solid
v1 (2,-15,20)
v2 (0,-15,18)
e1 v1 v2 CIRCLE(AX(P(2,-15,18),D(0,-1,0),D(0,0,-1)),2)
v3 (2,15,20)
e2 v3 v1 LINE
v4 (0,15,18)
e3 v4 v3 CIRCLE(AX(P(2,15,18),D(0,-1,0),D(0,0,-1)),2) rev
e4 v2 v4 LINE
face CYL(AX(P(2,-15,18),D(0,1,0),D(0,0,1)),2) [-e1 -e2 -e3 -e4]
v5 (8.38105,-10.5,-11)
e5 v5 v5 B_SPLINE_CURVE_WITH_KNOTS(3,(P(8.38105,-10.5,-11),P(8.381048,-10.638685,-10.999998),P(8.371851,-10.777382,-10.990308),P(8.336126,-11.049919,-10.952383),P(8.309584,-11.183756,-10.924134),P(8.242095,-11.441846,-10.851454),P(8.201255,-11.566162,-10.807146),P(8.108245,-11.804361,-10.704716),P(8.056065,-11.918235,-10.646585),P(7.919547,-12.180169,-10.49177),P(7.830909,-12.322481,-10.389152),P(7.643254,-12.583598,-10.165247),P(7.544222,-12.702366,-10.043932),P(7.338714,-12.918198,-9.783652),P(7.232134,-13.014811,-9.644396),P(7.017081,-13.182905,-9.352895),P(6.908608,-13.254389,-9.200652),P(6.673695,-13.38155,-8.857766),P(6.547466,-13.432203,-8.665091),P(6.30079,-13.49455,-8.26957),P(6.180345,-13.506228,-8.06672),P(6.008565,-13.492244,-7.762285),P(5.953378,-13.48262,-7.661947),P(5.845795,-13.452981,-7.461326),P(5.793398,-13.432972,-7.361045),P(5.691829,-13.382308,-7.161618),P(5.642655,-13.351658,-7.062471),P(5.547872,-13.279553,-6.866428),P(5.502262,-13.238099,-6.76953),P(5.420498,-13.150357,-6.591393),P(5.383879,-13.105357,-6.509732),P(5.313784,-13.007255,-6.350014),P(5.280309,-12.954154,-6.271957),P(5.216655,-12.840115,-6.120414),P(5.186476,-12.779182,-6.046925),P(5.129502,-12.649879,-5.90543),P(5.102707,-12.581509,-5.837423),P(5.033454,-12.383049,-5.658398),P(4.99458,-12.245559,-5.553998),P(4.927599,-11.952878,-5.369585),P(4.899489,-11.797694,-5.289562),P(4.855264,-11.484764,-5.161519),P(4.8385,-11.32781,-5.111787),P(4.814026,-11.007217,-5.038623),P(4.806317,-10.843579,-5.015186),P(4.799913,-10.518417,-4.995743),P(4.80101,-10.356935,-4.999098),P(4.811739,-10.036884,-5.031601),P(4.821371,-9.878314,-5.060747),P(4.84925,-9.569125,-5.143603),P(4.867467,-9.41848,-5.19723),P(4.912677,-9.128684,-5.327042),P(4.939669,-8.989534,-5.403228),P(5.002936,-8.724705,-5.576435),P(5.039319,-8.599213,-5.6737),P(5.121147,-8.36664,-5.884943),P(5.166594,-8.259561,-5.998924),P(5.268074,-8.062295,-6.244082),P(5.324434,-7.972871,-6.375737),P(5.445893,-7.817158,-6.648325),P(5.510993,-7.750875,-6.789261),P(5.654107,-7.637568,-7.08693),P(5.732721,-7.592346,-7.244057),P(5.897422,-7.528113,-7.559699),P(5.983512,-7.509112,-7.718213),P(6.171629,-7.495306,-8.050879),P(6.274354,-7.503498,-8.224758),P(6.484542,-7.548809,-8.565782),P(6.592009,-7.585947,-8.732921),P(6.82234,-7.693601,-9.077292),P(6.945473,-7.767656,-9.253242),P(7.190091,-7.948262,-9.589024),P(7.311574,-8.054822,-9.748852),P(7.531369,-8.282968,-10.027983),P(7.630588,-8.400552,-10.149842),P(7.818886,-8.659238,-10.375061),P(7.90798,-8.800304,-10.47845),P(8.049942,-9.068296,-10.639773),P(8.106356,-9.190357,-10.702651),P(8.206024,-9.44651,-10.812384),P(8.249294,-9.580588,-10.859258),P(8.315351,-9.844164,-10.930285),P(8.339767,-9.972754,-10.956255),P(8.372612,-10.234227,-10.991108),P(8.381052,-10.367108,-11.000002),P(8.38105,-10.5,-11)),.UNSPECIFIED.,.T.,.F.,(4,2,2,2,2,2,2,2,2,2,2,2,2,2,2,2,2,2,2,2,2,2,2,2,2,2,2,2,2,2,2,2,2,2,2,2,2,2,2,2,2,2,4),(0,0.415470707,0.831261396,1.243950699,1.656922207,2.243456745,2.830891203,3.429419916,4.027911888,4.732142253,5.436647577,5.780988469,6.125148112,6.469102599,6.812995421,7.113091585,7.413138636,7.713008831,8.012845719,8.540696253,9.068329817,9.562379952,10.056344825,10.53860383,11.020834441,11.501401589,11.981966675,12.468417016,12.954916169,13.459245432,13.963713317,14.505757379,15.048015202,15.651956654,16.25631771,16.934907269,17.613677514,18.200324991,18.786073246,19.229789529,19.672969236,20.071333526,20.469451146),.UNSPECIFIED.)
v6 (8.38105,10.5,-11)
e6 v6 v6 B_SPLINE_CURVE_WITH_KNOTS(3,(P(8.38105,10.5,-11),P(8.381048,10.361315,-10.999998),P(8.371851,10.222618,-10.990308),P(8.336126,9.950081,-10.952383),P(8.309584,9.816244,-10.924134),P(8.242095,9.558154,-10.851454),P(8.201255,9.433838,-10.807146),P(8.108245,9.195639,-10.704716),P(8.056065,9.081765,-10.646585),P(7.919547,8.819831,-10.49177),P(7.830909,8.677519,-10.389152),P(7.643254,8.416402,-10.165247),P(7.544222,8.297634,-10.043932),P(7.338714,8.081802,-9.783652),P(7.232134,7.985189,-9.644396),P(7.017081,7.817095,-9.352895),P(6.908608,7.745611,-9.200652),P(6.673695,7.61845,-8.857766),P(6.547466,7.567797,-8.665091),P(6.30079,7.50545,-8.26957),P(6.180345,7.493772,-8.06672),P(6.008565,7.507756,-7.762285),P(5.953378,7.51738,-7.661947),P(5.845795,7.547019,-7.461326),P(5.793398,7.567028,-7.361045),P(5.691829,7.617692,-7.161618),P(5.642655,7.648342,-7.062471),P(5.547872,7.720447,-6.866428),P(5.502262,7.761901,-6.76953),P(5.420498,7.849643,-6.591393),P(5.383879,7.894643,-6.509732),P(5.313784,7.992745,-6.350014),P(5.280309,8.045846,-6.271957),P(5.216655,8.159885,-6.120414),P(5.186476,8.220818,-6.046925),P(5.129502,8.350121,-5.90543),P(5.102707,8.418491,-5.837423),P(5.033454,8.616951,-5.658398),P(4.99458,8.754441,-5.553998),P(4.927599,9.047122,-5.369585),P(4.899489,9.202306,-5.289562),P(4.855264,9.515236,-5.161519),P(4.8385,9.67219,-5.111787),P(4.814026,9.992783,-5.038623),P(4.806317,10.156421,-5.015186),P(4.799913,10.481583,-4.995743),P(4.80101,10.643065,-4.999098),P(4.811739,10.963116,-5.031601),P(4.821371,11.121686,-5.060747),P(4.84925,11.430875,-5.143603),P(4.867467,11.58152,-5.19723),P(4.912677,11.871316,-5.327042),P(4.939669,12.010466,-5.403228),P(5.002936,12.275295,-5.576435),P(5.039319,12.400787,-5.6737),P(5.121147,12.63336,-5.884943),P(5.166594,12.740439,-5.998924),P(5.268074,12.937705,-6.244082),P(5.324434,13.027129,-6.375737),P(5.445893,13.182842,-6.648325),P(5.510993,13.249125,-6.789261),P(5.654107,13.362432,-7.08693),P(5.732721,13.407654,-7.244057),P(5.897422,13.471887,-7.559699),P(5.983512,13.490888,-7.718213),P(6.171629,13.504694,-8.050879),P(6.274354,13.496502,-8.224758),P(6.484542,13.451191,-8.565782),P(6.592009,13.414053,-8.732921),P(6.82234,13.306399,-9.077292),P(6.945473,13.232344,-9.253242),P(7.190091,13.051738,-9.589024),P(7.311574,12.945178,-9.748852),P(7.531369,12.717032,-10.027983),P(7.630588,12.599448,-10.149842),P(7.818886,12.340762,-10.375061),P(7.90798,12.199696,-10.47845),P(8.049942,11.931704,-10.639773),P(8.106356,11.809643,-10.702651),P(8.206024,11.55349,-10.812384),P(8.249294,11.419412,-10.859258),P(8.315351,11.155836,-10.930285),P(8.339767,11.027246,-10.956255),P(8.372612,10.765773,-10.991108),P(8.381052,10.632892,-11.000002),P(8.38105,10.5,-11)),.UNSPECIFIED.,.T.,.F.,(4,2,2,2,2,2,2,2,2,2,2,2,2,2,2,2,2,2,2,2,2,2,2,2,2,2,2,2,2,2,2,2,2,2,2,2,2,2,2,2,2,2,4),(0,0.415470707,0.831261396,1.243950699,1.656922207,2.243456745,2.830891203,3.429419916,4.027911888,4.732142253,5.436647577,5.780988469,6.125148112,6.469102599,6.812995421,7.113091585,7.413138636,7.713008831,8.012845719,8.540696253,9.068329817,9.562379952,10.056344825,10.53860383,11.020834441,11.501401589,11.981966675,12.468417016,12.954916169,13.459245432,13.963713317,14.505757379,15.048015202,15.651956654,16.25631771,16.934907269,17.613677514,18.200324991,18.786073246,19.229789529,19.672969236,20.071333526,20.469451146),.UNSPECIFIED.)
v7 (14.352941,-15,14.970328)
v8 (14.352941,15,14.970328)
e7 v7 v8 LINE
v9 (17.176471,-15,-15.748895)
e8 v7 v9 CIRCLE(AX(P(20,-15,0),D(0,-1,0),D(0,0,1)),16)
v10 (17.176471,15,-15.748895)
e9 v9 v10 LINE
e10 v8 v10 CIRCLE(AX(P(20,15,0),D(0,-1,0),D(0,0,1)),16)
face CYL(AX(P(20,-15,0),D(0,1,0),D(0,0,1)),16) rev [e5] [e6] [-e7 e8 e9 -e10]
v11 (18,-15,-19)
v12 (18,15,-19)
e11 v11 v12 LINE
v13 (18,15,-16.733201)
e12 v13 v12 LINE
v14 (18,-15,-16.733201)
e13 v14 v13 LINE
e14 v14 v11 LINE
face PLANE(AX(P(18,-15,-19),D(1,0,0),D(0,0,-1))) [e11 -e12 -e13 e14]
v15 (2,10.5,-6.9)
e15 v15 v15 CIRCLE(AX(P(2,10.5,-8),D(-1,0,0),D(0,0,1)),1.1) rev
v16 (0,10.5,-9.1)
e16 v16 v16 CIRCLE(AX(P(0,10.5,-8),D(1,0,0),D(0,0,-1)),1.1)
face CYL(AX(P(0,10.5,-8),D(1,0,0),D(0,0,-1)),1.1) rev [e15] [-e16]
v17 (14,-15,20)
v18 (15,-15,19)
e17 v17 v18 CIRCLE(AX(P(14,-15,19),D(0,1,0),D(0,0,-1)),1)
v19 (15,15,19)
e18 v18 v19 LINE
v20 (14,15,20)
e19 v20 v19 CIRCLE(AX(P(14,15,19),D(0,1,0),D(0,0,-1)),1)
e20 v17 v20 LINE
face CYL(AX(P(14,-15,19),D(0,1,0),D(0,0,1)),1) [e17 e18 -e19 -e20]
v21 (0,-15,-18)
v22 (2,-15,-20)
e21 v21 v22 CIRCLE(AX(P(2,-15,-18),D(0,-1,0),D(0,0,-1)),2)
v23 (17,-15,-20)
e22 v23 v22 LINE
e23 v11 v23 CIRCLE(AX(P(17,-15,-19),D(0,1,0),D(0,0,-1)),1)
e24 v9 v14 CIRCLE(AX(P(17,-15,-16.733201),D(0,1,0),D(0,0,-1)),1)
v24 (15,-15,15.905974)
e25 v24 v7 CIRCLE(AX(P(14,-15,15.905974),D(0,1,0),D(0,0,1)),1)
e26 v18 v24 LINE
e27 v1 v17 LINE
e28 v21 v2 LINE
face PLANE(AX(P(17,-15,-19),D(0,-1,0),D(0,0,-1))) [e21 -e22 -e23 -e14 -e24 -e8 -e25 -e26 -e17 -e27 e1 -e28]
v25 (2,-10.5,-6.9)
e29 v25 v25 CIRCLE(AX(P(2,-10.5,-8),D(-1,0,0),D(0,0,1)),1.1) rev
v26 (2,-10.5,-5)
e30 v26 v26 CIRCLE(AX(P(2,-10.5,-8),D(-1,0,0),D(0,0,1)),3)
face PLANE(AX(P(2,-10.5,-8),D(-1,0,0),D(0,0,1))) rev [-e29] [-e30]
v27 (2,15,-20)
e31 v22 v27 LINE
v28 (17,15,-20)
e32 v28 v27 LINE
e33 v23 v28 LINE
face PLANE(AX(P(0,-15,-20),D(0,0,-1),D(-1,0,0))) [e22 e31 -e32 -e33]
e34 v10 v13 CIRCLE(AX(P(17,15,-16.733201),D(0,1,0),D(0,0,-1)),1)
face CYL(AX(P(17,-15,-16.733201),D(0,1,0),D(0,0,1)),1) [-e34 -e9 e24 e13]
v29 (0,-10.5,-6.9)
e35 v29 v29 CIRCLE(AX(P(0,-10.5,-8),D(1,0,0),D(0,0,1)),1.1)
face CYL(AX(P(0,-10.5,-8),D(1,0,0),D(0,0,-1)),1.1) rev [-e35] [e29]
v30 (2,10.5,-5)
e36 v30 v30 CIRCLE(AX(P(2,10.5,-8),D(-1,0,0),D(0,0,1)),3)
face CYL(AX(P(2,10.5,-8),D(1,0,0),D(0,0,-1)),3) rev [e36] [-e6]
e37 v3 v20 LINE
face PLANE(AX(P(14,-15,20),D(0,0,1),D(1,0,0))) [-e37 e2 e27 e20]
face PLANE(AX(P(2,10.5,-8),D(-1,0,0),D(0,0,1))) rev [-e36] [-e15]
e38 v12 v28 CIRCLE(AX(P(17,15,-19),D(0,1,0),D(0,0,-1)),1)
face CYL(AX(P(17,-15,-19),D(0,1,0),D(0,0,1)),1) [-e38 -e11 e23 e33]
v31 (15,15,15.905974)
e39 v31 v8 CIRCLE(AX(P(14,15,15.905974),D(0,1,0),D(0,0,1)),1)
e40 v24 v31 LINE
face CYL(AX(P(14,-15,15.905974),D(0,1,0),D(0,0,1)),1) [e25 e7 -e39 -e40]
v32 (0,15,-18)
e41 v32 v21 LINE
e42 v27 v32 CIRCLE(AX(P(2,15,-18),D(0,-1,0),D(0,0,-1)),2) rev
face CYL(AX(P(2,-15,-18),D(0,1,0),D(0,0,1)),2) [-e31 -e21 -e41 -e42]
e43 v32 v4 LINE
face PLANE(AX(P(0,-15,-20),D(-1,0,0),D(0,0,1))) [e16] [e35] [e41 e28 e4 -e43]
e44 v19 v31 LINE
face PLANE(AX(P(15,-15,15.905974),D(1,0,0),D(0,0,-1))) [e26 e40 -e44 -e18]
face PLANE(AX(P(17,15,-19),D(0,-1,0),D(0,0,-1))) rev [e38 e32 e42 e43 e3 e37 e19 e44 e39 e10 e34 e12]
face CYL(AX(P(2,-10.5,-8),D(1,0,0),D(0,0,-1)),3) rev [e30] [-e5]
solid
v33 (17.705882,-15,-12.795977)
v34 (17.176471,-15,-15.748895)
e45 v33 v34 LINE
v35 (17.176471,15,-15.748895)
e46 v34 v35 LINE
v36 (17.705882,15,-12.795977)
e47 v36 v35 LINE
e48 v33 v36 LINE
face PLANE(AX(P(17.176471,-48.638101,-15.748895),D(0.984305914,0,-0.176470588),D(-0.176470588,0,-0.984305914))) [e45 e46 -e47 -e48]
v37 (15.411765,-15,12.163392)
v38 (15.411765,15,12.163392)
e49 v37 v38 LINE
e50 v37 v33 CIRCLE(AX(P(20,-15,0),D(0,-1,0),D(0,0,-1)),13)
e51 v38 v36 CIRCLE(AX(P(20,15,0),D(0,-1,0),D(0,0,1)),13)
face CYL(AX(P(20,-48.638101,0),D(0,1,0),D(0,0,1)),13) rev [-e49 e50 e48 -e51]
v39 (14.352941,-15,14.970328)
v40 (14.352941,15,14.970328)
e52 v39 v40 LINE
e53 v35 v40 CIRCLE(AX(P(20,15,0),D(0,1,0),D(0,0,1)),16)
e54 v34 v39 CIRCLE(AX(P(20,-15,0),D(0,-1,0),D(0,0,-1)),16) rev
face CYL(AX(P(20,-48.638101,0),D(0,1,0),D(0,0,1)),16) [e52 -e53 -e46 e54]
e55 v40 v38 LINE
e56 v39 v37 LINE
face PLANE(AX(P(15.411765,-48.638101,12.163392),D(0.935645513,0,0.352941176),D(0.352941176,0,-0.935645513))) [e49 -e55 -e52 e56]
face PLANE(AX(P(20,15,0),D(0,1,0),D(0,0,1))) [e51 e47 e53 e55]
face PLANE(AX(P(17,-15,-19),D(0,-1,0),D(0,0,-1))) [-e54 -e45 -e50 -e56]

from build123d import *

# Parameters (mm, degrees)
EXTRUDE_1_DEPTH      = 15
EXTRUDE_1_DEPTH_BACK = 15
SKETCH_2_R           = 1.1
CUT_EXTRUDE_1_DEPTH  = 31.805843601
SKETCH_3_R           = 3
CUT_EXTRUDE_2_DEPTH  = 8
FILLET_1_R           = 2
EXTRUDE_2_DEPTH      = 30


with BuildPart() as part:
    # ｽｹｯﾁ1 → ﾎﾞｽ - 押し出し1 (new, two sides: drawn at the far end of the back side and taken through both)
    with BuildSketch(Plane(origin=(0, 0, 0), x_dir=(1, 0, 0), z_dir=(0, 1, 0)).offset(-EXTRUDE_1_DEPTH_BACK)):
        with BuildLine():
            Line((0, 20), (0, -20))
            Line((0, -20), (14, -20))
            ThreePointArc((14, -20), (14.707106781, -19.707106781), (15, -19))
            Line((15, -19), (15, -15.905973721))
            ThreePointArc((15, -15.905973721), (14.822478321, -15.337177262), (14.352941176, -14.970328208))
            ThreePointArc((14.352941176, -14.970328208), (4.06716036, 1.464452457), (17.176470588, 15.748894617))
            ThreePointArc((17.176470588, 15.748894617), (17.766964989, 16.091511583), (18, 16.733200531))
            Line((18, 16.733200531), (18, 19))
            ThreePointArc((18, 19), (17.707106781, 19.707106781), (17, 20))
            Line((17, 20), (0, 20))
        make_face()
    extrude(amount=EXTRUDE_1_DEPTH + EXTRUDE_1_DEPTH_BACK)

    # ｽｹｯﾁ2 → ｶｯﾄ - 押し出し1 (cut, through all)
    with BuildSketch(Plane(origin=(18, 0, 0), x_dir=(0, 0, -1), z_dir=(1, 0, 0))):
        with Locations((8, 10.5)):
            Circle(SKETCH_2_R)
        with Locations((8, -10.5)):
            Circle(SKETCH_2_R)
    extrude(amount=-CUT_EXTRUDE_1_DEPTH, mode=Mode.SUBTRACT)

    # ｽｹｯﾁ3 → ｶｯﾄ - 押し出し2 (cut)
    with BuildSketch(Plane.ZY.offset(-10)):
        with Locations(Location((-8, 10.5, 0), (0, 0, 180))):
            Circle(SKETCH_3_R)
        with Locations(Location((-8, -10.5, 0), (0, 0, 180))):
            Circle(SKETCH_3_R)
    extrude(amount=CUT_EXTRUDE_2_DEPTH, mode=Mode.SUBTRACT)

    # ﾌｨﾚｯﾄ1
    fillet_1_edges = [part.edges().sort_by_distance(p)[0] for p in [
        (0, 0, 20),
        (0, 0, -20),
    ]]
    fillet(fillet_1_edges, radius=FILLET_1_R)


with BuildPart() as body_2:
    # ｽｹｯﾁ5 → ﾎﾞｽ - 押し出し2 (new body)
    with BuildSketch(Plane(origin=(0, 15, 0), x_dir=(1, 0, 0), z_dir=(0, 1, 0))):
        with BuildLine():
            Line((17.176470588, 15.748894617), (17.705882353, 12.795976876))
            ThreePointArc((17.705882353, 12.795976876), (7.054567792, 1.189867621), (15.411764706, -12.163391669))
            Line((15.411764706, -12.163391669), (14.352941176, -14.970328208))
            ThreePointArc((14.352941176, -14.970328208), (4.06716036, 1.464452457), (17.176470588, 15.748894617))
        make_face()
    extrude(amount=-EXTRUDE_2_DEPTH)


solid = Compound([part.part, body_2.part])
